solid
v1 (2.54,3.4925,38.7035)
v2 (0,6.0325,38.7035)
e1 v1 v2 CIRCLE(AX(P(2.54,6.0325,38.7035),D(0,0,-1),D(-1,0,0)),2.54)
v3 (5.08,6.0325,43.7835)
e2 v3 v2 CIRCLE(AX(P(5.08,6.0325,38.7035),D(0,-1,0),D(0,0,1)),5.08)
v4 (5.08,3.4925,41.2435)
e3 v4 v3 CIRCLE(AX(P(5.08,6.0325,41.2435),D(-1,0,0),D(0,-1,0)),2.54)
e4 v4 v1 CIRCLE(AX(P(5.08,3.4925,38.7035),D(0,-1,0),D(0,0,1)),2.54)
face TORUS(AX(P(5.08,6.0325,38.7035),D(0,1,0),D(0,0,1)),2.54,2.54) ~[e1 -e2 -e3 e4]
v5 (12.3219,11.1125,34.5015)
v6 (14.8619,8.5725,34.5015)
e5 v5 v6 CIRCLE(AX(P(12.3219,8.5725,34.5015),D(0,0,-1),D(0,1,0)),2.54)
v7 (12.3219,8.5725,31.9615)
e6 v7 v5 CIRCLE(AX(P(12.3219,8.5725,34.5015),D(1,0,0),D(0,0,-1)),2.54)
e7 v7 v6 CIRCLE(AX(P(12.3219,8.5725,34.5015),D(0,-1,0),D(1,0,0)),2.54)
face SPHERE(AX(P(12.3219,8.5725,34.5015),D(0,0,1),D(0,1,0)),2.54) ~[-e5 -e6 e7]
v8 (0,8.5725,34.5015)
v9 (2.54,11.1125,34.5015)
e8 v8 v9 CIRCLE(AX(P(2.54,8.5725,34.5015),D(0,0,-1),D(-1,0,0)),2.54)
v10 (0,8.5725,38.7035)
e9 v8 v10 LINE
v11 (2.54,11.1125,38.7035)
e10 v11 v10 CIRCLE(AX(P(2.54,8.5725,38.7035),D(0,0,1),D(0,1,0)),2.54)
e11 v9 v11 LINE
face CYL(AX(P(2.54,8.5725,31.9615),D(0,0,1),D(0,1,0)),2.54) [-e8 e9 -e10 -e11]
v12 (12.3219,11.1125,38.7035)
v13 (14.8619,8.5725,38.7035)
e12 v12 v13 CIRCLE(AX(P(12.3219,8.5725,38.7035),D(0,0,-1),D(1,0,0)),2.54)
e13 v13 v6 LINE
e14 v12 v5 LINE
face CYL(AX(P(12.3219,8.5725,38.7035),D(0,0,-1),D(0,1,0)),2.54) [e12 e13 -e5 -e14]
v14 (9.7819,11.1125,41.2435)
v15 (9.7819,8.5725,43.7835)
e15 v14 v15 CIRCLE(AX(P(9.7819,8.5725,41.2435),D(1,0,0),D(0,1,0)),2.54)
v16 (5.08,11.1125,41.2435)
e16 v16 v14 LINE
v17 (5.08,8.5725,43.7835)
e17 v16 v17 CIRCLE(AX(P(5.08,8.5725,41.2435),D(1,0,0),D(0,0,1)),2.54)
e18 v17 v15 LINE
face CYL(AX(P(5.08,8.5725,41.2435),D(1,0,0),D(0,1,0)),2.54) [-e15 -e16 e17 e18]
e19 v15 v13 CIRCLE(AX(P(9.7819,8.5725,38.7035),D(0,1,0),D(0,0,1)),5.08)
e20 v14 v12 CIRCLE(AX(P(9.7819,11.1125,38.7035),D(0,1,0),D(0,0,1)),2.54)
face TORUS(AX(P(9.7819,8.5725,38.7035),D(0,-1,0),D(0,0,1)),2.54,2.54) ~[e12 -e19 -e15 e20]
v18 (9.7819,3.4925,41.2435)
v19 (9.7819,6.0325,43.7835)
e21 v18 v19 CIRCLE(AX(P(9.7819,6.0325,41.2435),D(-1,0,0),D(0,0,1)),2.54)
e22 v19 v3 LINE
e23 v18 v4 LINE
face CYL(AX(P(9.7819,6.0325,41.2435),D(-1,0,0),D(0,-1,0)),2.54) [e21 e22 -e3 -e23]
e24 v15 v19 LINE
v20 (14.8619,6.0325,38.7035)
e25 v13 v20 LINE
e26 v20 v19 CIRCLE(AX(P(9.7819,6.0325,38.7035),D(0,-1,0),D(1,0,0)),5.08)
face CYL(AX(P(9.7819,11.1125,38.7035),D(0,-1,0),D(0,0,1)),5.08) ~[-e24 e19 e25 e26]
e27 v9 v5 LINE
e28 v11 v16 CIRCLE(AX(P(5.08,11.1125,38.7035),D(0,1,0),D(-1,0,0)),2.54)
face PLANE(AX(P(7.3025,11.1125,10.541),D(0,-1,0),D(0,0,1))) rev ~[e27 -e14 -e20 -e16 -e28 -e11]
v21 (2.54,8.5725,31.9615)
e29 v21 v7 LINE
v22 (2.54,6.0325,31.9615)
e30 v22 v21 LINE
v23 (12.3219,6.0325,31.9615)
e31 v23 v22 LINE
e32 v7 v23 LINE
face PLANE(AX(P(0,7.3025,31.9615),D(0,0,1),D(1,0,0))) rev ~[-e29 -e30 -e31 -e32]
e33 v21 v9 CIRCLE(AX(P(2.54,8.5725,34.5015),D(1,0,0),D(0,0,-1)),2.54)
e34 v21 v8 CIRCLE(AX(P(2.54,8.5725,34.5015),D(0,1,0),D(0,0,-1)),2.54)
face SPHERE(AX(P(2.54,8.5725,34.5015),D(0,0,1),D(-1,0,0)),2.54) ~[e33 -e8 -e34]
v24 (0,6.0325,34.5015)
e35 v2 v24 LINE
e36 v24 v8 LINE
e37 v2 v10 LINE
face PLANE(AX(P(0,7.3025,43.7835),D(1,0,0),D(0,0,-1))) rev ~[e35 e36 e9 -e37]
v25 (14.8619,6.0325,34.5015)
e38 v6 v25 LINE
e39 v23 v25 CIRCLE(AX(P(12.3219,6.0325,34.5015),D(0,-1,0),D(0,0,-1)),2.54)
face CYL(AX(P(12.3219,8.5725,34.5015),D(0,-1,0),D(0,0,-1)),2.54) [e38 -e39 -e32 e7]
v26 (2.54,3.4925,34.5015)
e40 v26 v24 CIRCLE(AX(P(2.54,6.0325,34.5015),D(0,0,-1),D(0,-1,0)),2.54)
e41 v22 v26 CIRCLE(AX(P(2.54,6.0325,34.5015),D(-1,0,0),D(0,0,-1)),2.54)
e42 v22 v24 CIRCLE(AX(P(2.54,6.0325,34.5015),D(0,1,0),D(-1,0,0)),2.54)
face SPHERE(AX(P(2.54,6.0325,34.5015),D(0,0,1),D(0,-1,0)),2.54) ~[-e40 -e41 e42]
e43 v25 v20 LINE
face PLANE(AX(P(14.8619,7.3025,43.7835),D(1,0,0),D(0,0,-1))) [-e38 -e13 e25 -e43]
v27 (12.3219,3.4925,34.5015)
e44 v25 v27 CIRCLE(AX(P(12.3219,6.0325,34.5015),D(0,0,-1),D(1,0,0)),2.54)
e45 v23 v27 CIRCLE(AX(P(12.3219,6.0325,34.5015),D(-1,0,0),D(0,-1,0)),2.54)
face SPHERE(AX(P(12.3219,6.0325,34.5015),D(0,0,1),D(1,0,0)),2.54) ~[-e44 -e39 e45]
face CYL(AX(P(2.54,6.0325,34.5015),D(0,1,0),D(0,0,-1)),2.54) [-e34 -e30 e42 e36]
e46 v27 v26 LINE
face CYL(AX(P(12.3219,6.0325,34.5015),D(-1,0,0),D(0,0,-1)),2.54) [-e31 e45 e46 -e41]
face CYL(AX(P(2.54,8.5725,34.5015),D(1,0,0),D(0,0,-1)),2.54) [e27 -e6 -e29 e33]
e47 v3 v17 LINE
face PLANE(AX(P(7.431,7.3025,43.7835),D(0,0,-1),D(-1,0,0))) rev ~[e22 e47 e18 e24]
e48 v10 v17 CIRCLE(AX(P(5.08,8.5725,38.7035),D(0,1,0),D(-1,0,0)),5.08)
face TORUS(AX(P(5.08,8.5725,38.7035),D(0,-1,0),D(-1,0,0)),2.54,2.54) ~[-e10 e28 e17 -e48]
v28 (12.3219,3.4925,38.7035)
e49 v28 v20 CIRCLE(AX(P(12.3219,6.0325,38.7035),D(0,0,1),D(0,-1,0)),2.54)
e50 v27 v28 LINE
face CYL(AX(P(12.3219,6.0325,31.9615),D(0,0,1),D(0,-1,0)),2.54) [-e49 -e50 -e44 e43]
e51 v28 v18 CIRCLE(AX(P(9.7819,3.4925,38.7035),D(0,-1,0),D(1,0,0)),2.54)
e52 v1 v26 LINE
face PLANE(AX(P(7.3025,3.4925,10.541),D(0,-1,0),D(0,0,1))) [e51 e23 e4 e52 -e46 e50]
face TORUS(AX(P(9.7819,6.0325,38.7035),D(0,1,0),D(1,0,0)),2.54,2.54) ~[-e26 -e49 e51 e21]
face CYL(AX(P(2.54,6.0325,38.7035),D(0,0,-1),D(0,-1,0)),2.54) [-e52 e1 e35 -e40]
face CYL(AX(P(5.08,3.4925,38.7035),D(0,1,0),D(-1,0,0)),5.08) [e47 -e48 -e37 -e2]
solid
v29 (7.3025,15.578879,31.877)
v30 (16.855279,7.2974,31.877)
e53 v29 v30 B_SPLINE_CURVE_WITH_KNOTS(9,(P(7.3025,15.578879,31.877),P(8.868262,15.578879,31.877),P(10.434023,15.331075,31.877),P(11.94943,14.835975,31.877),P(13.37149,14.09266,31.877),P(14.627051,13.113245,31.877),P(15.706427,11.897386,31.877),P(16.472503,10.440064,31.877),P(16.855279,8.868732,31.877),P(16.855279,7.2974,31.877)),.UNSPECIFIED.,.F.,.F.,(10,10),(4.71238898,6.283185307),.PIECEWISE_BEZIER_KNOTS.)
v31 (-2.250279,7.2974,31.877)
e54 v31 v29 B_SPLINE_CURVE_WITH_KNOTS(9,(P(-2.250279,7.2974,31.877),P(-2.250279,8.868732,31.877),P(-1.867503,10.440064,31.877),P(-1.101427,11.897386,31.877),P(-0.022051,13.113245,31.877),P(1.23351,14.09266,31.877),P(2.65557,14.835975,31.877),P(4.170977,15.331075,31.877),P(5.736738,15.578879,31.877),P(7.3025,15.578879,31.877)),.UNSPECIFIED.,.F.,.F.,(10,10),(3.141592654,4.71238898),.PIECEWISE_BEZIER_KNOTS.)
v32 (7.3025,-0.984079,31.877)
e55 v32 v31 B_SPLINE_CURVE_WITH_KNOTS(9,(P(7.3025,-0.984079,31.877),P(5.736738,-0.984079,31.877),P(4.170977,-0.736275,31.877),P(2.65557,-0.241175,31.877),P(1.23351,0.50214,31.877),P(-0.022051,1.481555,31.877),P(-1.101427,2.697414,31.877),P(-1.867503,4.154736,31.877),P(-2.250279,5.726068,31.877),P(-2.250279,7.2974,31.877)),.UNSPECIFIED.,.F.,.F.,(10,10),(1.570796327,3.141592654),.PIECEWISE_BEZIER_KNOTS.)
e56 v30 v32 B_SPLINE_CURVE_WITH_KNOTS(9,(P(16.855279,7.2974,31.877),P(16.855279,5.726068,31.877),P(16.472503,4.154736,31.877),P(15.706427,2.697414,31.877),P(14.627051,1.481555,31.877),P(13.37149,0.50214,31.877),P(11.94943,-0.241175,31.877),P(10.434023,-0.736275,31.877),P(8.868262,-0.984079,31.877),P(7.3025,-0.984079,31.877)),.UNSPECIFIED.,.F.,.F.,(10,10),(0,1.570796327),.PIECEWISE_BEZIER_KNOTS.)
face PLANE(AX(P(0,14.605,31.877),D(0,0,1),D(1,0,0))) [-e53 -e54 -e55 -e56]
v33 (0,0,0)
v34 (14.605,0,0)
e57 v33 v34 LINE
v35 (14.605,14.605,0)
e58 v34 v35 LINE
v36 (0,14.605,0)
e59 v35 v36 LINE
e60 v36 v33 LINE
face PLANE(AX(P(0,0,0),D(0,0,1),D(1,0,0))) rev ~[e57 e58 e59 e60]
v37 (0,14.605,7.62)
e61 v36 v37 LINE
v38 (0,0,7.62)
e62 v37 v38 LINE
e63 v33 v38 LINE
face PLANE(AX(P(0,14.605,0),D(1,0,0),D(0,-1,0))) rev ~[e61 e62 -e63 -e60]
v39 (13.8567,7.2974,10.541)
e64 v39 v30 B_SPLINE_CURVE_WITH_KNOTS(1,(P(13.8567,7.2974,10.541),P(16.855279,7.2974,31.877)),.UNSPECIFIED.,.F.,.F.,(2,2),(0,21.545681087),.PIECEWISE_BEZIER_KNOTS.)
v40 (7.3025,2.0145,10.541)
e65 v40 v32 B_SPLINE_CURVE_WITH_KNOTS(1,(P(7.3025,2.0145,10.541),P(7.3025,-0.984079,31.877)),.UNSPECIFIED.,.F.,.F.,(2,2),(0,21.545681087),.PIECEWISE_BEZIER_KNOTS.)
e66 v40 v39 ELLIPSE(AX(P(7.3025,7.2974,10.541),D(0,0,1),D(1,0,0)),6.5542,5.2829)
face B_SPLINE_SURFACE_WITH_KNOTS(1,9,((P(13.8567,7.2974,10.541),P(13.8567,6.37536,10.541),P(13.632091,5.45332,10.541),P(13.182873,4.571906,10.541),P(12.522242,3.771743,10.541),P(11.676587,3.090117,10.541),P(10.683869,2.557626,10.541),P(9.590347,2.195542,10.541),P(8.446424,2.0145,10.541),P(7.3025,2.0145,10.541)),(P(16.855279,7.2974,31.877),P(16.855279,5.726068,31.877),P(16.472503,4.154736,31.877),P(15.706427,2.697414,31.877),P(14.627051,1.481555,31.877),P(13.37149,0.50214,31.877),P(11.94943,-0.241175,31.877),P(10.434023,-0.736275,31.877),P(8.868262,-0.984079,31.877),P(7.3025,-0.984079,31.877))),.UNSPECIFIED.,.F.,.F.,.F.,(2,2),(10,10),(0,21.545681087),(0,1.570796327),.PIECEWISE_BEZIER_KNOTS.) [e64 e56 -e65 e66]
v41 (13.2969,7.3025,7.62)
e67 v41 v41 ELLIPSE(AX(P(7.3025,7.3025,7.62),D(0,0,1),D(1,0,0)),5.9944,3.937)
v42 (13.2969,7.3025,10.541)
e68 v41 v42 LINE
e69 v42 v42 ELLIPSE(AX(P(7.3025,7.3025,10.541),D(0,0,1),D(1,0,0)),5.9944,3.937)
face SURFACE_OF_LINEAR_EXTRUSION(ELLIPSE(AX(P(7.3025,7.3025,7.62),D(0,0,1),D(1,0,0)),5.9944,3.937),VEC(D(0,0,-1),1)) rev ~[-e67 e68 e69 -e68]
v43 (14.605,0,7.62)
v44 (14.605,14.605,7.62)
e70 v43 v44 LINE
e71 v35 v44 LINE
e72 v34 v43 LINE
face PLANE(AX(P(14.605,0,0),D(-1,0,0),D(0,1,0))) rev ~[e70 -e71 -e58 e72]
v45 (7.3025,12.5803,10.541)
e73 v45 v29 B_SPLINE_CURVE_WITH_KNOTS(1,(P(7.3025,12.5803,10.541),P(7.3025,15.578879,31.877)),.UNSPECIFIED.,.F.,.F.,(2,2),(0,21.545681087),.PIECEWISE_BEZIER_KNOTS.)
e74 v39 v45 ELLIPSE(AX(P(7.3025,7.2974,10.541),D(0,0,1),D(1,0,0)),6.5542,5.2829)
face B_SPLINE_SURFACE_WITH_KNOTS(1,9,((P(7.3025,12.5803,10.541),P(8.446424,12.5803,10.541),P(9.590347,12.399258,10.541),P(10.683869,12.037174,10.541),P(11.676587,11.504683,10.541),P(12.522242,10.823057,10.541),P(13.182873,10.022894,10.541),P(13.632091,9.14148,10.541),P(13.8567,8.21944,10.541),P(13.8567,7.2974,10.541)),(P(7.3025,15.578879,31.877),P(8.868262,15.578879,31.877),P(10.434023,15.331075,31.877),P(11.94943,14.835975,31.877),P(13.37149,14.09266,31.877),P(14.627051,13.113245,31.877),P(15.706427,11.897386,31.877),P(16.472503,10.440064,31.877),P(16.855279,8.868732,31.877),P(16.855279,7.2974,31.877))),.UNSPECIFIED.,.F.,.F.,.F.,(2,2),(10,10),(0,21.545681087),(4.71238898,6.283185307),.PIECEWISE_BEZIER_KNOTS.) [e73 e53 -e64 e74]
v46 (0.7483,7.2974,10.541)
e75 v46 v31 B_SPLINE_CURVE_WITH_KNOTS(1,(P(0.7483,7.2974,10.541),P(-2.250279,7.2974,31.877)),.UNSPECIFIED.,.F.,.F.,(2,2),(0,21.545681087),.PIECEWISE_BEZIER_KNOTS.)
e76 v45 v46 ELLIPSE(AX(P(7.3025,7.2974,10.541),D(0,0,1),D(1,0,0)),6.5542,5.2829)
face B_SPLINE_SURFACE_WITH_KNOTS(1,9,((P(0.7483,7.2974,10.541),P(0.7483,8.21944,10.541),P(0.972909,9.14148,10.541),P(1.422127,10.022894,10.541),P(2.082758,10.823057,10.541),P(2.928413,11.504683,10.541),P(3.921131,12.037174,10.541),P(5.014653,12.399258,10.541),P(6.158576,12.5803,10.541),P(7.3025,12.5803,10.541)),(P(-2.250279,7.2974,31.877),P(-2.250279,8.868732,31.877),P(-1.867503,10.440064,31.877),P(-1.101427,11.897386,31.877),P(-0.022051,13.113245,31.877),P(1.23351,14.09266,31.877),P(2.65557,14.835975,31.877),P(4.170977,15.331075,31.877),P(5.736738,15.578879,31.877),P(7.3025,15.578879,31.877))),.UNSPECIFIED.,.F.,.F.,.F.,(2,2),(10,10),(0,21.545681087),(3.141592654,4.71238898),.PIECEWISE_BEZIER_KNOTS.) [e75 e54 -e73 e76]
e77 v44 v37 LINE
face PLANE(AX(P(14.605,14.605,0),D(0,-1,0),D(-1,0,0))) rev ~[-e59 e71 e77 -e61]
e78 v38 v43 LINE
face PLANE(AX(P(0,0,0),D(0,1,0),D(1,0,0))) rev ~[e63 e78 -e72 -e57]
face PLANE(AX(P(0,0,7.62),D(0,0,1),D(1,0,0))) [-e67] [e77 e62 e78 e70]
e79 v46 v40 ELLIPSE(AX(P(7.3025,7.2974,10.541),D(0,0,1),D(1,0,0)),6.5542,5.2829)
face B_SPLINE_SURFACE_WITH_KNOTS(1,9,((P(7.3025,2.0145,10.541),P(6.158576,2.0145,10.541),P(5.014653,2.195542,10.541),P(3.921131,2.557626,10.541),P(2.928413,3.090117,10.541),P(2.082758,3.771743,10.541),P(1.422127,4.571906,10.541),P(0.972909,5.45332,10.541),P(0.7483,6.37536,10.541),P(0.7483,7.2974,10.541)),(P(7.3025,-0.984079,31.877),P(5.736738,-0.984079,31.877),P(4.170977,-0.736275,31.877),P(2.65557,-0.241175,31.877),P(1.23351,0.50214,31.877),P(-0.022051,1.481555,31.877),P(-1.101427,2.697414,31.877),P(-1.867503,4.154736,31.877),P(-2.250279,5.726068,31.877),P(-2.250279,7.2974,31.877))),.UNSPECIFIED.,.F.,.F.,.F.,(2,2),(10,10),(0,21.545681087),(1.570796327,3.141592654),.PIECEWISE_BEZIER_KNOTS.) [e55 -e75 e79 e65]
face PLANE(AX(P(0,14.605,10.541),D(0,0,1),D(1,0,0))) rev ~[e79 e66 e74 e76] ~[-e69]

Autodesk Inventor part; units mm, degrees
ref_plane "YZ Plane" through (0, 0, 0) normal (1, 0, 0) x (0, 1, 0)
ref_plane "XZ Plane" through (0, 0, 0) normal (0, 1, 0) x (-1, 0, 0)
ref_plane "XY Plane" through (0, 0, 0) normal (0, 0, 1) x (1, 0, 0)
sketch "Sketch1" plane through (0, 0, 0) normal (0, 0, 1) x (1, 0, 0)
  line L0 (0, 0) -> (14.605, 0)
  line L1 (14.605, 0) -> (14.605, 14.605)
  line L2 (14.605, 14.605) -> (0, 14.605)
  line L3 (0, 14.605) -> (0, 0)
  dimension "d0" = 14.605
  dimension "d1" = 14.605
extrude "Extrusion1" add sketch "Sketch1" along normal blind 7.62
ref_plane "Work Plane1" through (0, 14.605, 7.62) normal (0, 0, 1) x (1, 0, 0)
sketch "Sketch2" plane through (0, 14.605, 7.62) normal (0, 0, 1) x (1, 0, 0)
  line L0 (14.605, 0) -> (0, 0) construction
  line L1 (0, 0) -> (7.3025, 0) construction
  line L2 (7.3025, 0) -> (14.605, 0) construction
  line L3 (7.3025, 0) -> (7.3025, -7.3025) construction
  ellipse E0 centre (7.3025, -7.3025) end of major axis (13.2969, -7.3025) minor radius 3.937
  point P0 (0, -14.605)
  dimension "d7" = 5.9944
  dimension "d8" = 3.937
  dimension "d4" = 7.3025
  dimension "d5" = 7.3025
  dimension "d6" = 7.3025
extrude "Extrusion2" add sketch "Sketch2" along normal blind 2.921
ref_plane "Work Plane2" through (0, 14.605, 10.541) normal (0, 0, 1) x (1, 0, 0)
sketch "Sketch3" plane through (0, 14.605, 10.541) normal (0, 0, 1) x (1, 0, 0)
  ellipse E0 centre (7.3025, -7.3076) end of major axis (13.8567, -7.3076) minor radius 5.2829
  ellipse E1 centre (7.3025, -7.3025) end of major axis (1.3081, -7.3025) minor radius 3.937 projected
  point P0 (0, -14.605)
  dimension "d12" = 0
extrude "Extrusion3" add sketch "Sketch3" along normal blind 21.336 draft 8 contours E0 | E1
sketch "Sketch4" plane through (0, 0, 0) normal (0, -1, 0) x (1, 0, 0)
  point P0 (0, 0)
sketch "Sketch5" plane through (0, 0, 0) normal (0, -1, 0) x (1, 0, 0)
  line L0 (14.605, 0) -> (0, 0) projected
ref_plane "Work Plane3" through (7.3025, 7.3025, 10.541) normal (0, -1, 0) x (0, 0, 1)
sketch "Sketch6" plane through (7.3025, 7.3025, 10.541) normal (0, -1, 0) x (0, 0, 1)
  point P0 (-10.541, 7.3025)
sketch "Sketch7" plane through (7.3025, 7.3025, 10.541) normal (0, -1, 0) x (0, 0, 1)
  point P0 (-10.541, 7.3025)
sketch "Sketch8" plane through (7.3025, 7.3025, 10.541) normal (0, -1, 0) x (0, 0, 1)
  line L0 (21.4205, -0.1285) -> (33.2425, -0.1285)
  line L1 (33.2425, -0.1285) -> (33.2425, 7.3025)
  line L2 (33.2425, 7.3025) -> (21.4205, 7.3025)
  line L3 (21.4205, 7.3025) -> (21.4205, -0.1285)
  line L4 (33.2425, -0.1285) -> (33.2425, -7.5594)
  line L5 (33.2425, -7.5594) -> (21.4205, -7.5594)
  line L6 (21.4205, -7.5594) -> (21.4205, -0.1285)
  point P0 (-10.541, 7.3025)
extrude "Extrusion4" add sketch "Sketch8" along normal mid plane 7.62
fillet "Fillet1" radius 5.08 1 edges at (0, 7.3025, 43.7835)
fillet "Fillet2" radius 5.08 1 edges at (14.8619, 7.3025, 43.7835)
fillet "Fillet3" radius 2.54 5 edges at (7.431, 3.4925, 43.7835) (1.4879, 3.4925, 42.2956) (0, 3.4925, 35.3325) (13.374, 3.4925, 42.2956) (14.8619, 3.4925, 35.3325)
fillet "Fillet4" radius 2.54 5 edges at (7.431, 11.1125, 43.7835) (13.374, 11.1125, 42.2956) (14.8619, 11.1125, 35.3325) (1.4879, 11.1125, 42.2956) (0, 11.1125, 35.3325)
fillet "Fillet5" radius 2.54 6 edges at (7.431, 11.1125, 31.9615) (0.7439, 10.3686, 31.9615) (0, 7.3025, 31.9615) (0.7439, 4.2364, 31.9615) (7.431, 3.4925, 31.9615) (14.8619, 7.3025, 31.9615)
properties part number "maleNT"
